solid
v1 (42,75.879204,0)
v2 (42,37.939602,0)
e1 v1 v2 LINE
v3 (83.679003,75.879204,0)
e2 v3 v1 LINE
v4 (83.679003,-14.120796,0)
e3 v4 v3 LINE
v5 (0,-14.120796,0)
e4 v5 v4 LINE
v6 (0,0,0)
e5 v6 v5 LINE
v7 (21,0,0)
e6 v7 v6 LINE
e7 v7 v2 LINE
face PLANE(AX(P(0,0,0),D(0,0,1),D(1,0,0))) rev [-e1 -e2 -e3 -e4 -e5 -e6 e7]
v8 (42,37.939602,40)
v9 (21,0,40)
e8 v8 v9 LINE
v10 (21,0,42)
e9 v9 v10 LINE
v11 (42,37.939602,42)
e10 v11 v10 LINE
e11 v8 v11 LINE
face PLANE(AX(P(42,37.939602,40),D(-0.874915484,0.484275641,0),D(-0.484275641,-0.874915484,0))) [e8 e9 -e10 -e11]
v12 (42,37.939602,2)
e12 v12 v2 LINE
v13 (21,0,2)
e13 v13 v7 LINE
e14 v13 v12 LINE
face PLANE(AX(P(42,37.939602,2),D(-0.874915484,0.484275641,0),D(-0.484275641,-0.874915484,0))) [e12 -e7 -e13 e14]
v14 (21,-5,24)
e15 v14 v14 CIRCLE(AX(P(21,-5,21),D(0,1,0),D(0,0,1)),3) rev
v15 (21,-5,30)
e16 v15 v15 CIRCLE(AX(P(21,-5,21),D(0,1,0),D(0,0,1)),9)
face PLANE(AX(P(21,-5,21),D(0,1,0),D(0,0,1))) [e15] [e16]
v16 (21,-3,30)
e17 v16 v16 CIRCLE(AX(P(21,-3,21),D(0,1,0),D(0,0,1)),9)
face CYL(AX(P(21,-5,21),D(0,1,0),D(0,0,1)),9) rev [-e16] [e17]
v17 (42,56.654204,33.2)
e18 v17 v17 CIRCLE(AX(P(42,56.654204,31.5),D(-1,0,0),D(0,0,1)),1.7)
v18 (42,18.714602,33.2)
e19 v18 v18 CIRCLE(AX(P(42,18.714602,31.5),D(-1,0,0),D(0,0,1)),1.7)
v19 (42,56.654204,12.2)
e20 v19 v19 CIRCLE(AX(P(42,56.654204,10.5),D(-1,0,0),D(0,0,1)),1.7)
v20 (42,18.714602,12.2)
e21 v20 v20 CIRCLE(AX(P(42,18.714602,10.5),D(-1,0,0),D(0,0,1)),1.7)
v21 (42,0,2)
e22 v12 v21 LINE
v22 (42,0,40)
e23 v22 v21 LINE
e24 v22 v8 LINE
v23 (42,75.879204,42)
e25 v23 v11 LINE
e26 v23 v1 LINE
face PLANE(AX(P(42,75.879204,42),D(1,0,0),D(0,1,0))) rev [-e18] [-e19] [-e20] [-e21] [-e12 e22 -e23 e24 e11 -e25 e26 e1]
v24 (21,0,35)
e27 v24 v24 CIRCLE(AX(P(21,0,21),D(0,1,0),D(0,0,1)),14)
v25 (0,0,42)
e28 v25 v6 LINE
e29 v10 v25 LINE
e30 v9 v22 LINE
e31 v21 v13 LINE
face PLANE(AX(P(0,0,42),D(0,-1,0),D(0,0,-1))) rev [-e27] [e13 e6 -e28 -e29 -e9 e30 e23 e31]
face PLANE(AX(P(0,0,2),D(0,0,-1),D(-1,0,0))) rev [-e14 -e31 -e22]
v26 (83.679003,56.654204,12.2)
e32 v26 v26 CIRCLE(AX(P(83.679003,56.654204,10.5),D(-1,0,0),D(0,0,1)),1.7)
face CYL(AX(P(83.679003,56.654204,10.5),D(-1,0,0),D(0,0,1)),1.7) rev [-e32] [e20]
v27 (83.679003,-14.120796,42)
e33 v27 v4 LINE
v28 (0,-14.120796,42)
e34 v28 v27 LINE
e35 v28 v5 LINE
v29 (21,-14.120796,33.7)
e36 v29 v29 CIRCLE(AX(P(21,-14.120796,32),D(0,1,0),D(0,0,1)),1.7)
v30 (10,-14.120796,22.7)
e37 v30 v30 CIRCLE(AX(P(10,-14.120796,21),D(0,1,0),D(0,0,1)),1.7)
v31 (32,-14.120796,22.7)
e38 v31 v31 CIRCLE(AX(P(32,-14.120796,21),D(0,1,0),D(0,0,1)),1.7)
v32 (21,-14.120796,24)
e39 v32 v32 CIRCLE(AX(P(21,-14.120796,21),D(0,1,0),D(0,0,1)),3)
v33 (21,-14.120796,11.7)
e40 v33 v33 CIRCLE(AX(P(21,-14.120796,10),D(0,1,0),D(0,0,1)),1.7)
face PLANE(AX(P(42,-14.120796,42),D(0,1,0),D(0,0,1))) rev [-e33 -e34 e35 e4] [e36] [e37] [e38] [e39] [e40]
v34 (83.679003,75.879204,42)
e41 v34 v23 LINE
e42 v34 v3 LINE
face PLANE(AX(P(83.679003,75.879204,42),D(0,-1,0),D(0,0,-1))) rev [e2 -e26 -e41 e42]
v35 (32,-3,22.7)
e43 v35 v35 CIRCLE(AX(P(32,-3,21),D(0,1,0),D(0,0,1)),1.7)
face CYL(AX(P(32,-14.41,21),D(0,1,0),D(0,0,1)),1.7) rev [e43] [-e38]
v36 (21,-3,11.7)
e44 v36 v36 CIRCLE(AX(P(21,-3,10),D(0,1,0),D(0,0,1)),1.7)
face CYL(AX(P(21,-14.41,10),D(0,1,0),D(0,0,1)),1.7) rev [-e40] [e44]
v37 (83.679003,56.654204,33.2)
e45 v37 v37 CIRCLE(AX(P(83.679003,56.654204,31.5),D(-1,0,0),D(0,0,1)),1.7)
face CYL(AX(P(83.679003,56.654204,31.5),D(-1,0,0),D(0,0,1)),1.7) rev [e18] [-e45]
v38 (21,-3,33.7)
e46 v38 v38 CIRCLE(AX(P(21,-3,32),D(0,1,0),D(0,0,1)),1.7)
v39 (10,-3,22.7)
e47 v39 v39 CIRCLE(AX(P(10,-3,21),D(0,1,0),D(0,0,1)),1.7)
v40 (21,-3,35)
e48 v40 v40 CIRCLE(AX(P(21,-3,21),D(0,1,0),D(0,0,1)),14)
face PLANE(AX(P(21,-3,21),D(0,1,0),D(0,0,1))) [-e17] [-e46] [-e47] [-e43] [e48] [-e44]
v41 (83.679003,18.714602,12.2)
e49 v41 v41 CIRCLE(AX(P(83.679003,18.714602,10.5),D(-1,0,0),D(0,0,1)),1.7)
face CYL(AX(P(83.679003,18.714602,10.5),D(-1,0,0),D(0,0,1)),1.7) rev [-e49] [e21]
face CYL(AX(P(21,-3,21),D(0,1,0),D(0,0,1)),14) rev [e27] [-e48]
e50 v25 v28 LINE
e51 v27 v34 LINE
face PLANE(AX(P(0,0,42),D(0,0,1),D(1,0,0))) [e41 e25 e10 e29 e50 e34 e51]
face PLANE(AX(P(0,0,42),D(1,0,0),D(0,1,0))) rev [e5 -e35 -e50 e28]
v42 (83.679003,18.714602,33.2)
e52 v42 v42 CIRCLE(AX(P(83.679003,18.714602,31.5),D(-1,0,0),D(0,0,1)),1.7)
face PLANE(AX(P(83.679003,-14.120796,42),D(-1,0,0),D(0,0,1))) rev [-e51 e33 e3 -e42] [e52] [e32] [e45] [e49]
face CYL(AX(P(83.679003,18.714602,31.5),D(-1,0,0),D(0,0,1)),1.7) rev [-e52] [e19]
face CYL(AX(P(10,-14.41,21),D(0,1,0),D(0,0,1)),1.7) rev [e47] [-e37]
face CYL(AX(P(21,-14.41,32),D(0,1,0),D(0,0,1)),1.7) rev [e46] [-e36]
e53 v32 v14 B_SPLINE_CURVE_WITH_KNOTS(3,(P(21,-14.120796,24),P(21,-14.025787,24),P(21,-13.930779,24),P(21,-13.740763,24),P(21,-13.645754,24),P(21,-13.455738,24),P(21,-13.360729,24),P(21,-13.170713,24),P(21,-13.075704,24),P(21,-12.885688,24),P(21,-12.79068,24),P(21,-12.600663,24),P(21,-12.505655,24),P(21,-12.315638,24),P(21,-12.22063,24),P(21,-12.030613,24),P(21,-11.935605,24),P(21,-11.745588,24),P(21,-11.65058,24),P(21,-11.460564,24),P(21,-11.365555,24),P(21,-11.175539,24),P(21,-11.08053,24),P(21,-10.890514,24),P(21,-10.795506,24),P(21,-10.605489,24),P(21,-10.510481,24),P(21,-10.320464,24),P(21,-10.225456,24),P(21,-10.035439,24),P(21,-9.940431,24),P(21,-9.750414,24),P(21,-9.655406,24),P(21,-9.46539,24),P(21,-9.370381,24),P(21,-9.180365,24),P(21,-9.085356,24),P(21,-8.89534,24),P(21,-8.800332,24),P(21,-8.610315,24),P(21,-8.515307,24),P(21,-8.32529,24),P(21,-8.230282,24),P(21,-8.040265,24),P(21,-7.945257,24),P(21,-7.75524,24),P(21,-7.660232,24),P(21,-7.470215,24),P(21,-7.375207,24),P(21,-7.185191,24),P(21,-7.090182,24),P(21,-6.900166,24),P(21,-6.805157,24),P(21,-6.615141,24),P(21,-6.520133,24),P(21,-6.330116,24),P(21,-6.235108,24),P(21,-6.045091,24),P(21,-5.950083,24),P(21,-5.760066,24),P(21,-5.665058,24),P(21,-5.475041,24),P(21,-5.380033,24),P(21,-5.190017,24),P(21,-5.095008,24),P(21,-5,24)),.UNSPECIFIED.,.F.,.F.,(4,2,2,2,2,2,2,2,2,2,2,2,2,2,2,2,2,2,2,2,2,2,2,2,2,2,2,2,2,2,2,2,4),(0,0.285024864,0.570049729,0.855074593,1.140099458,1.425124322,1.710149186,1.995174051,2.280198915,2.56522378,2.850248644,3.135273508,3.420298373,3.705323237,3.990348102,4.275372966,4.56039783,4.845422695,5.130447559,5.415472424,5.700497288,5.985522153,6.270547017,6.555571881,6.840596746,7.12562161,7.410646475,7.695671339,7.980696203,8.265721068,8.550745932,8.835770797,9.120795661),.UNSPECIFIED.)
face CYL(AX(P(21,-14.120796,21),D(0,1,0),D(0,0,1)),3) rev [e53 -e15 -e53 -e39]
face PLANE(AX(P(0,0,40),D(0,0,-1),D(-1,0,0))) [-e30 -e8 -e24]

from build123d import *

# Parameters (mm, degrees)
BOSS_EXTRUDE1_DEPTH = 42
SKETCH3_R           = 3
CUT_EXTRUDE1_DEPTH  = 14.120795661
SKETCH4_R           = 14
CUT_EXTRUDE3_DEPTH  = 3
SKETCH5_R           = 9
CUT_EXTRUDE4_DEPTH  = 5
SKETCH6_R           = 1.7
CUT_EXTRUDE5_DEPTH  = 11.41
SKETCH7_R           = 1.7
CUT_EXTRUDE6_DEPTH  = 41.679003175
BOSS_EXTRUDE2_DEPTH = 2
BOSS_EXTRUDE3_DEPTH = 2


with BuildPart() as part:
    # Sketch1 → Boss-Extrude1 (new body)
    with BuildSketch(Plane.XY):
        Polygon((0, 0), (42, 0), (42, 75.879204339), (83.679003175, 75.879204339), (83.679003175, -14.120795661), (42, -14.120795661), (0, -14.120795661), align=None)
    extrude(amount=BOSS_EXTRUDE1_DEPTH)

    # Sketch3 → Cut-Extrude1 (cut)
    with BuildSketch(Plane(origin=(0, 0, 0), x_dir=(1, 0, 0), z_dir=(0, 1, 0))):
        with Locations(Location((21, -21, 0), (0, 0, 270))):
            Circle(SKETCH3_R)
    extrude(amount=-CUT_EXTRUDE1_DEPTH, mode=Mode.SUBTRACT)

    # Sketch4 → Cut-Extrude3 (cut)
    with BuildSketch(Plane(origin=(0, 0, 0), x_dir=(1, 0, 0), z_dir=(0, 1, 0))):
        with Locations(Location((21, -21, 0), (0, 0, 270))):
            Circle(SKETCH4_R)
    extrude(amount=-CUT_EXTRUDE3_DEPTH, mode=Mode.SUBTRACT)

    # Sketch5 → Cut-Extrude4 (cut)
    with BuildSketch(Plane(origin=(0, 0, 0), x_dir=(1, 0, 0), z_dir=(0, 1, 0))):
        with Locations(Location((21, -21, 0), (0, 0, 270))):
            Circle(SKETCH5_R)
    extrude(amount=-CUT_EXTRUDE4_DEPTH, mode=Mode.SUBTRACT)

    # Sketch6 → Cut-Extrude5 (cut)
    with BuildSketch(Plane(origin=(0, -3, 0), x_dir=(1, 0, 0), z_dir=(0, 1, 0))):
        with Locations(Location((21, -10, 0), (0, 0, 270))):
            Circle(SKETCH6_R)
        with Locations(Location((32, -21, 0), (0, 0, 270))):
            Circle(SKETCH6_R)
        with Locations(Location((21, -32, 0), (0, 0, 270))):
            Circle(SKETCH6_R)
        with Locations(Location((10, -21, 0), (0, 0, 270))):
            Circle(SKETCH6_R)
    extrude(amount=-CUT_EXTRUDE5_DEPTH, mode=Mode.SUBTRACT)

    # Sketch7 → Cut-Extrude6 (cut)
    with BuildSketch(Plane.ZY.offset(-42)):
        with Locations((10.5, 56.654204339)):
            Circle(SKETCH7_R)
        with Locations((31.5, 56.654204339)):
            Circle(SKETCH7_R)
        with Locations((10.5, 18.71460217)):
            Circle(SKETCH7_R)
        with Locations((31.5, 18.71460217)):
            Circle(SKETCH7_R)
    extrude(amount=-CUT_EXTRUDE6_DEPTH, mode=Mode.SUBTRACT)

    # Sketch8 → Boss-Extrude2 (add)
    with BuildSketch(Plane.XY.offset(42)):
        Polygon((42, 37.93960217), (21, 0), (42, 0), align=None)
    extrude(amount=-BOSS_EXTRUDE2_DEPTH)

    # Sketch9 → Boss-Extrude3 (add)
    with BuildSketch(Plane(origin=(0, 0, 0), x_dir=(-1, 0, 0), z_dir=(0, 0, -1))):
        Polygon((-42, 37.93960217), (-21, 0), (-42, 0), align=None)
    extrude(amount=-BOSS_EXTRUDE3_DEPTH)


solid = part.part
